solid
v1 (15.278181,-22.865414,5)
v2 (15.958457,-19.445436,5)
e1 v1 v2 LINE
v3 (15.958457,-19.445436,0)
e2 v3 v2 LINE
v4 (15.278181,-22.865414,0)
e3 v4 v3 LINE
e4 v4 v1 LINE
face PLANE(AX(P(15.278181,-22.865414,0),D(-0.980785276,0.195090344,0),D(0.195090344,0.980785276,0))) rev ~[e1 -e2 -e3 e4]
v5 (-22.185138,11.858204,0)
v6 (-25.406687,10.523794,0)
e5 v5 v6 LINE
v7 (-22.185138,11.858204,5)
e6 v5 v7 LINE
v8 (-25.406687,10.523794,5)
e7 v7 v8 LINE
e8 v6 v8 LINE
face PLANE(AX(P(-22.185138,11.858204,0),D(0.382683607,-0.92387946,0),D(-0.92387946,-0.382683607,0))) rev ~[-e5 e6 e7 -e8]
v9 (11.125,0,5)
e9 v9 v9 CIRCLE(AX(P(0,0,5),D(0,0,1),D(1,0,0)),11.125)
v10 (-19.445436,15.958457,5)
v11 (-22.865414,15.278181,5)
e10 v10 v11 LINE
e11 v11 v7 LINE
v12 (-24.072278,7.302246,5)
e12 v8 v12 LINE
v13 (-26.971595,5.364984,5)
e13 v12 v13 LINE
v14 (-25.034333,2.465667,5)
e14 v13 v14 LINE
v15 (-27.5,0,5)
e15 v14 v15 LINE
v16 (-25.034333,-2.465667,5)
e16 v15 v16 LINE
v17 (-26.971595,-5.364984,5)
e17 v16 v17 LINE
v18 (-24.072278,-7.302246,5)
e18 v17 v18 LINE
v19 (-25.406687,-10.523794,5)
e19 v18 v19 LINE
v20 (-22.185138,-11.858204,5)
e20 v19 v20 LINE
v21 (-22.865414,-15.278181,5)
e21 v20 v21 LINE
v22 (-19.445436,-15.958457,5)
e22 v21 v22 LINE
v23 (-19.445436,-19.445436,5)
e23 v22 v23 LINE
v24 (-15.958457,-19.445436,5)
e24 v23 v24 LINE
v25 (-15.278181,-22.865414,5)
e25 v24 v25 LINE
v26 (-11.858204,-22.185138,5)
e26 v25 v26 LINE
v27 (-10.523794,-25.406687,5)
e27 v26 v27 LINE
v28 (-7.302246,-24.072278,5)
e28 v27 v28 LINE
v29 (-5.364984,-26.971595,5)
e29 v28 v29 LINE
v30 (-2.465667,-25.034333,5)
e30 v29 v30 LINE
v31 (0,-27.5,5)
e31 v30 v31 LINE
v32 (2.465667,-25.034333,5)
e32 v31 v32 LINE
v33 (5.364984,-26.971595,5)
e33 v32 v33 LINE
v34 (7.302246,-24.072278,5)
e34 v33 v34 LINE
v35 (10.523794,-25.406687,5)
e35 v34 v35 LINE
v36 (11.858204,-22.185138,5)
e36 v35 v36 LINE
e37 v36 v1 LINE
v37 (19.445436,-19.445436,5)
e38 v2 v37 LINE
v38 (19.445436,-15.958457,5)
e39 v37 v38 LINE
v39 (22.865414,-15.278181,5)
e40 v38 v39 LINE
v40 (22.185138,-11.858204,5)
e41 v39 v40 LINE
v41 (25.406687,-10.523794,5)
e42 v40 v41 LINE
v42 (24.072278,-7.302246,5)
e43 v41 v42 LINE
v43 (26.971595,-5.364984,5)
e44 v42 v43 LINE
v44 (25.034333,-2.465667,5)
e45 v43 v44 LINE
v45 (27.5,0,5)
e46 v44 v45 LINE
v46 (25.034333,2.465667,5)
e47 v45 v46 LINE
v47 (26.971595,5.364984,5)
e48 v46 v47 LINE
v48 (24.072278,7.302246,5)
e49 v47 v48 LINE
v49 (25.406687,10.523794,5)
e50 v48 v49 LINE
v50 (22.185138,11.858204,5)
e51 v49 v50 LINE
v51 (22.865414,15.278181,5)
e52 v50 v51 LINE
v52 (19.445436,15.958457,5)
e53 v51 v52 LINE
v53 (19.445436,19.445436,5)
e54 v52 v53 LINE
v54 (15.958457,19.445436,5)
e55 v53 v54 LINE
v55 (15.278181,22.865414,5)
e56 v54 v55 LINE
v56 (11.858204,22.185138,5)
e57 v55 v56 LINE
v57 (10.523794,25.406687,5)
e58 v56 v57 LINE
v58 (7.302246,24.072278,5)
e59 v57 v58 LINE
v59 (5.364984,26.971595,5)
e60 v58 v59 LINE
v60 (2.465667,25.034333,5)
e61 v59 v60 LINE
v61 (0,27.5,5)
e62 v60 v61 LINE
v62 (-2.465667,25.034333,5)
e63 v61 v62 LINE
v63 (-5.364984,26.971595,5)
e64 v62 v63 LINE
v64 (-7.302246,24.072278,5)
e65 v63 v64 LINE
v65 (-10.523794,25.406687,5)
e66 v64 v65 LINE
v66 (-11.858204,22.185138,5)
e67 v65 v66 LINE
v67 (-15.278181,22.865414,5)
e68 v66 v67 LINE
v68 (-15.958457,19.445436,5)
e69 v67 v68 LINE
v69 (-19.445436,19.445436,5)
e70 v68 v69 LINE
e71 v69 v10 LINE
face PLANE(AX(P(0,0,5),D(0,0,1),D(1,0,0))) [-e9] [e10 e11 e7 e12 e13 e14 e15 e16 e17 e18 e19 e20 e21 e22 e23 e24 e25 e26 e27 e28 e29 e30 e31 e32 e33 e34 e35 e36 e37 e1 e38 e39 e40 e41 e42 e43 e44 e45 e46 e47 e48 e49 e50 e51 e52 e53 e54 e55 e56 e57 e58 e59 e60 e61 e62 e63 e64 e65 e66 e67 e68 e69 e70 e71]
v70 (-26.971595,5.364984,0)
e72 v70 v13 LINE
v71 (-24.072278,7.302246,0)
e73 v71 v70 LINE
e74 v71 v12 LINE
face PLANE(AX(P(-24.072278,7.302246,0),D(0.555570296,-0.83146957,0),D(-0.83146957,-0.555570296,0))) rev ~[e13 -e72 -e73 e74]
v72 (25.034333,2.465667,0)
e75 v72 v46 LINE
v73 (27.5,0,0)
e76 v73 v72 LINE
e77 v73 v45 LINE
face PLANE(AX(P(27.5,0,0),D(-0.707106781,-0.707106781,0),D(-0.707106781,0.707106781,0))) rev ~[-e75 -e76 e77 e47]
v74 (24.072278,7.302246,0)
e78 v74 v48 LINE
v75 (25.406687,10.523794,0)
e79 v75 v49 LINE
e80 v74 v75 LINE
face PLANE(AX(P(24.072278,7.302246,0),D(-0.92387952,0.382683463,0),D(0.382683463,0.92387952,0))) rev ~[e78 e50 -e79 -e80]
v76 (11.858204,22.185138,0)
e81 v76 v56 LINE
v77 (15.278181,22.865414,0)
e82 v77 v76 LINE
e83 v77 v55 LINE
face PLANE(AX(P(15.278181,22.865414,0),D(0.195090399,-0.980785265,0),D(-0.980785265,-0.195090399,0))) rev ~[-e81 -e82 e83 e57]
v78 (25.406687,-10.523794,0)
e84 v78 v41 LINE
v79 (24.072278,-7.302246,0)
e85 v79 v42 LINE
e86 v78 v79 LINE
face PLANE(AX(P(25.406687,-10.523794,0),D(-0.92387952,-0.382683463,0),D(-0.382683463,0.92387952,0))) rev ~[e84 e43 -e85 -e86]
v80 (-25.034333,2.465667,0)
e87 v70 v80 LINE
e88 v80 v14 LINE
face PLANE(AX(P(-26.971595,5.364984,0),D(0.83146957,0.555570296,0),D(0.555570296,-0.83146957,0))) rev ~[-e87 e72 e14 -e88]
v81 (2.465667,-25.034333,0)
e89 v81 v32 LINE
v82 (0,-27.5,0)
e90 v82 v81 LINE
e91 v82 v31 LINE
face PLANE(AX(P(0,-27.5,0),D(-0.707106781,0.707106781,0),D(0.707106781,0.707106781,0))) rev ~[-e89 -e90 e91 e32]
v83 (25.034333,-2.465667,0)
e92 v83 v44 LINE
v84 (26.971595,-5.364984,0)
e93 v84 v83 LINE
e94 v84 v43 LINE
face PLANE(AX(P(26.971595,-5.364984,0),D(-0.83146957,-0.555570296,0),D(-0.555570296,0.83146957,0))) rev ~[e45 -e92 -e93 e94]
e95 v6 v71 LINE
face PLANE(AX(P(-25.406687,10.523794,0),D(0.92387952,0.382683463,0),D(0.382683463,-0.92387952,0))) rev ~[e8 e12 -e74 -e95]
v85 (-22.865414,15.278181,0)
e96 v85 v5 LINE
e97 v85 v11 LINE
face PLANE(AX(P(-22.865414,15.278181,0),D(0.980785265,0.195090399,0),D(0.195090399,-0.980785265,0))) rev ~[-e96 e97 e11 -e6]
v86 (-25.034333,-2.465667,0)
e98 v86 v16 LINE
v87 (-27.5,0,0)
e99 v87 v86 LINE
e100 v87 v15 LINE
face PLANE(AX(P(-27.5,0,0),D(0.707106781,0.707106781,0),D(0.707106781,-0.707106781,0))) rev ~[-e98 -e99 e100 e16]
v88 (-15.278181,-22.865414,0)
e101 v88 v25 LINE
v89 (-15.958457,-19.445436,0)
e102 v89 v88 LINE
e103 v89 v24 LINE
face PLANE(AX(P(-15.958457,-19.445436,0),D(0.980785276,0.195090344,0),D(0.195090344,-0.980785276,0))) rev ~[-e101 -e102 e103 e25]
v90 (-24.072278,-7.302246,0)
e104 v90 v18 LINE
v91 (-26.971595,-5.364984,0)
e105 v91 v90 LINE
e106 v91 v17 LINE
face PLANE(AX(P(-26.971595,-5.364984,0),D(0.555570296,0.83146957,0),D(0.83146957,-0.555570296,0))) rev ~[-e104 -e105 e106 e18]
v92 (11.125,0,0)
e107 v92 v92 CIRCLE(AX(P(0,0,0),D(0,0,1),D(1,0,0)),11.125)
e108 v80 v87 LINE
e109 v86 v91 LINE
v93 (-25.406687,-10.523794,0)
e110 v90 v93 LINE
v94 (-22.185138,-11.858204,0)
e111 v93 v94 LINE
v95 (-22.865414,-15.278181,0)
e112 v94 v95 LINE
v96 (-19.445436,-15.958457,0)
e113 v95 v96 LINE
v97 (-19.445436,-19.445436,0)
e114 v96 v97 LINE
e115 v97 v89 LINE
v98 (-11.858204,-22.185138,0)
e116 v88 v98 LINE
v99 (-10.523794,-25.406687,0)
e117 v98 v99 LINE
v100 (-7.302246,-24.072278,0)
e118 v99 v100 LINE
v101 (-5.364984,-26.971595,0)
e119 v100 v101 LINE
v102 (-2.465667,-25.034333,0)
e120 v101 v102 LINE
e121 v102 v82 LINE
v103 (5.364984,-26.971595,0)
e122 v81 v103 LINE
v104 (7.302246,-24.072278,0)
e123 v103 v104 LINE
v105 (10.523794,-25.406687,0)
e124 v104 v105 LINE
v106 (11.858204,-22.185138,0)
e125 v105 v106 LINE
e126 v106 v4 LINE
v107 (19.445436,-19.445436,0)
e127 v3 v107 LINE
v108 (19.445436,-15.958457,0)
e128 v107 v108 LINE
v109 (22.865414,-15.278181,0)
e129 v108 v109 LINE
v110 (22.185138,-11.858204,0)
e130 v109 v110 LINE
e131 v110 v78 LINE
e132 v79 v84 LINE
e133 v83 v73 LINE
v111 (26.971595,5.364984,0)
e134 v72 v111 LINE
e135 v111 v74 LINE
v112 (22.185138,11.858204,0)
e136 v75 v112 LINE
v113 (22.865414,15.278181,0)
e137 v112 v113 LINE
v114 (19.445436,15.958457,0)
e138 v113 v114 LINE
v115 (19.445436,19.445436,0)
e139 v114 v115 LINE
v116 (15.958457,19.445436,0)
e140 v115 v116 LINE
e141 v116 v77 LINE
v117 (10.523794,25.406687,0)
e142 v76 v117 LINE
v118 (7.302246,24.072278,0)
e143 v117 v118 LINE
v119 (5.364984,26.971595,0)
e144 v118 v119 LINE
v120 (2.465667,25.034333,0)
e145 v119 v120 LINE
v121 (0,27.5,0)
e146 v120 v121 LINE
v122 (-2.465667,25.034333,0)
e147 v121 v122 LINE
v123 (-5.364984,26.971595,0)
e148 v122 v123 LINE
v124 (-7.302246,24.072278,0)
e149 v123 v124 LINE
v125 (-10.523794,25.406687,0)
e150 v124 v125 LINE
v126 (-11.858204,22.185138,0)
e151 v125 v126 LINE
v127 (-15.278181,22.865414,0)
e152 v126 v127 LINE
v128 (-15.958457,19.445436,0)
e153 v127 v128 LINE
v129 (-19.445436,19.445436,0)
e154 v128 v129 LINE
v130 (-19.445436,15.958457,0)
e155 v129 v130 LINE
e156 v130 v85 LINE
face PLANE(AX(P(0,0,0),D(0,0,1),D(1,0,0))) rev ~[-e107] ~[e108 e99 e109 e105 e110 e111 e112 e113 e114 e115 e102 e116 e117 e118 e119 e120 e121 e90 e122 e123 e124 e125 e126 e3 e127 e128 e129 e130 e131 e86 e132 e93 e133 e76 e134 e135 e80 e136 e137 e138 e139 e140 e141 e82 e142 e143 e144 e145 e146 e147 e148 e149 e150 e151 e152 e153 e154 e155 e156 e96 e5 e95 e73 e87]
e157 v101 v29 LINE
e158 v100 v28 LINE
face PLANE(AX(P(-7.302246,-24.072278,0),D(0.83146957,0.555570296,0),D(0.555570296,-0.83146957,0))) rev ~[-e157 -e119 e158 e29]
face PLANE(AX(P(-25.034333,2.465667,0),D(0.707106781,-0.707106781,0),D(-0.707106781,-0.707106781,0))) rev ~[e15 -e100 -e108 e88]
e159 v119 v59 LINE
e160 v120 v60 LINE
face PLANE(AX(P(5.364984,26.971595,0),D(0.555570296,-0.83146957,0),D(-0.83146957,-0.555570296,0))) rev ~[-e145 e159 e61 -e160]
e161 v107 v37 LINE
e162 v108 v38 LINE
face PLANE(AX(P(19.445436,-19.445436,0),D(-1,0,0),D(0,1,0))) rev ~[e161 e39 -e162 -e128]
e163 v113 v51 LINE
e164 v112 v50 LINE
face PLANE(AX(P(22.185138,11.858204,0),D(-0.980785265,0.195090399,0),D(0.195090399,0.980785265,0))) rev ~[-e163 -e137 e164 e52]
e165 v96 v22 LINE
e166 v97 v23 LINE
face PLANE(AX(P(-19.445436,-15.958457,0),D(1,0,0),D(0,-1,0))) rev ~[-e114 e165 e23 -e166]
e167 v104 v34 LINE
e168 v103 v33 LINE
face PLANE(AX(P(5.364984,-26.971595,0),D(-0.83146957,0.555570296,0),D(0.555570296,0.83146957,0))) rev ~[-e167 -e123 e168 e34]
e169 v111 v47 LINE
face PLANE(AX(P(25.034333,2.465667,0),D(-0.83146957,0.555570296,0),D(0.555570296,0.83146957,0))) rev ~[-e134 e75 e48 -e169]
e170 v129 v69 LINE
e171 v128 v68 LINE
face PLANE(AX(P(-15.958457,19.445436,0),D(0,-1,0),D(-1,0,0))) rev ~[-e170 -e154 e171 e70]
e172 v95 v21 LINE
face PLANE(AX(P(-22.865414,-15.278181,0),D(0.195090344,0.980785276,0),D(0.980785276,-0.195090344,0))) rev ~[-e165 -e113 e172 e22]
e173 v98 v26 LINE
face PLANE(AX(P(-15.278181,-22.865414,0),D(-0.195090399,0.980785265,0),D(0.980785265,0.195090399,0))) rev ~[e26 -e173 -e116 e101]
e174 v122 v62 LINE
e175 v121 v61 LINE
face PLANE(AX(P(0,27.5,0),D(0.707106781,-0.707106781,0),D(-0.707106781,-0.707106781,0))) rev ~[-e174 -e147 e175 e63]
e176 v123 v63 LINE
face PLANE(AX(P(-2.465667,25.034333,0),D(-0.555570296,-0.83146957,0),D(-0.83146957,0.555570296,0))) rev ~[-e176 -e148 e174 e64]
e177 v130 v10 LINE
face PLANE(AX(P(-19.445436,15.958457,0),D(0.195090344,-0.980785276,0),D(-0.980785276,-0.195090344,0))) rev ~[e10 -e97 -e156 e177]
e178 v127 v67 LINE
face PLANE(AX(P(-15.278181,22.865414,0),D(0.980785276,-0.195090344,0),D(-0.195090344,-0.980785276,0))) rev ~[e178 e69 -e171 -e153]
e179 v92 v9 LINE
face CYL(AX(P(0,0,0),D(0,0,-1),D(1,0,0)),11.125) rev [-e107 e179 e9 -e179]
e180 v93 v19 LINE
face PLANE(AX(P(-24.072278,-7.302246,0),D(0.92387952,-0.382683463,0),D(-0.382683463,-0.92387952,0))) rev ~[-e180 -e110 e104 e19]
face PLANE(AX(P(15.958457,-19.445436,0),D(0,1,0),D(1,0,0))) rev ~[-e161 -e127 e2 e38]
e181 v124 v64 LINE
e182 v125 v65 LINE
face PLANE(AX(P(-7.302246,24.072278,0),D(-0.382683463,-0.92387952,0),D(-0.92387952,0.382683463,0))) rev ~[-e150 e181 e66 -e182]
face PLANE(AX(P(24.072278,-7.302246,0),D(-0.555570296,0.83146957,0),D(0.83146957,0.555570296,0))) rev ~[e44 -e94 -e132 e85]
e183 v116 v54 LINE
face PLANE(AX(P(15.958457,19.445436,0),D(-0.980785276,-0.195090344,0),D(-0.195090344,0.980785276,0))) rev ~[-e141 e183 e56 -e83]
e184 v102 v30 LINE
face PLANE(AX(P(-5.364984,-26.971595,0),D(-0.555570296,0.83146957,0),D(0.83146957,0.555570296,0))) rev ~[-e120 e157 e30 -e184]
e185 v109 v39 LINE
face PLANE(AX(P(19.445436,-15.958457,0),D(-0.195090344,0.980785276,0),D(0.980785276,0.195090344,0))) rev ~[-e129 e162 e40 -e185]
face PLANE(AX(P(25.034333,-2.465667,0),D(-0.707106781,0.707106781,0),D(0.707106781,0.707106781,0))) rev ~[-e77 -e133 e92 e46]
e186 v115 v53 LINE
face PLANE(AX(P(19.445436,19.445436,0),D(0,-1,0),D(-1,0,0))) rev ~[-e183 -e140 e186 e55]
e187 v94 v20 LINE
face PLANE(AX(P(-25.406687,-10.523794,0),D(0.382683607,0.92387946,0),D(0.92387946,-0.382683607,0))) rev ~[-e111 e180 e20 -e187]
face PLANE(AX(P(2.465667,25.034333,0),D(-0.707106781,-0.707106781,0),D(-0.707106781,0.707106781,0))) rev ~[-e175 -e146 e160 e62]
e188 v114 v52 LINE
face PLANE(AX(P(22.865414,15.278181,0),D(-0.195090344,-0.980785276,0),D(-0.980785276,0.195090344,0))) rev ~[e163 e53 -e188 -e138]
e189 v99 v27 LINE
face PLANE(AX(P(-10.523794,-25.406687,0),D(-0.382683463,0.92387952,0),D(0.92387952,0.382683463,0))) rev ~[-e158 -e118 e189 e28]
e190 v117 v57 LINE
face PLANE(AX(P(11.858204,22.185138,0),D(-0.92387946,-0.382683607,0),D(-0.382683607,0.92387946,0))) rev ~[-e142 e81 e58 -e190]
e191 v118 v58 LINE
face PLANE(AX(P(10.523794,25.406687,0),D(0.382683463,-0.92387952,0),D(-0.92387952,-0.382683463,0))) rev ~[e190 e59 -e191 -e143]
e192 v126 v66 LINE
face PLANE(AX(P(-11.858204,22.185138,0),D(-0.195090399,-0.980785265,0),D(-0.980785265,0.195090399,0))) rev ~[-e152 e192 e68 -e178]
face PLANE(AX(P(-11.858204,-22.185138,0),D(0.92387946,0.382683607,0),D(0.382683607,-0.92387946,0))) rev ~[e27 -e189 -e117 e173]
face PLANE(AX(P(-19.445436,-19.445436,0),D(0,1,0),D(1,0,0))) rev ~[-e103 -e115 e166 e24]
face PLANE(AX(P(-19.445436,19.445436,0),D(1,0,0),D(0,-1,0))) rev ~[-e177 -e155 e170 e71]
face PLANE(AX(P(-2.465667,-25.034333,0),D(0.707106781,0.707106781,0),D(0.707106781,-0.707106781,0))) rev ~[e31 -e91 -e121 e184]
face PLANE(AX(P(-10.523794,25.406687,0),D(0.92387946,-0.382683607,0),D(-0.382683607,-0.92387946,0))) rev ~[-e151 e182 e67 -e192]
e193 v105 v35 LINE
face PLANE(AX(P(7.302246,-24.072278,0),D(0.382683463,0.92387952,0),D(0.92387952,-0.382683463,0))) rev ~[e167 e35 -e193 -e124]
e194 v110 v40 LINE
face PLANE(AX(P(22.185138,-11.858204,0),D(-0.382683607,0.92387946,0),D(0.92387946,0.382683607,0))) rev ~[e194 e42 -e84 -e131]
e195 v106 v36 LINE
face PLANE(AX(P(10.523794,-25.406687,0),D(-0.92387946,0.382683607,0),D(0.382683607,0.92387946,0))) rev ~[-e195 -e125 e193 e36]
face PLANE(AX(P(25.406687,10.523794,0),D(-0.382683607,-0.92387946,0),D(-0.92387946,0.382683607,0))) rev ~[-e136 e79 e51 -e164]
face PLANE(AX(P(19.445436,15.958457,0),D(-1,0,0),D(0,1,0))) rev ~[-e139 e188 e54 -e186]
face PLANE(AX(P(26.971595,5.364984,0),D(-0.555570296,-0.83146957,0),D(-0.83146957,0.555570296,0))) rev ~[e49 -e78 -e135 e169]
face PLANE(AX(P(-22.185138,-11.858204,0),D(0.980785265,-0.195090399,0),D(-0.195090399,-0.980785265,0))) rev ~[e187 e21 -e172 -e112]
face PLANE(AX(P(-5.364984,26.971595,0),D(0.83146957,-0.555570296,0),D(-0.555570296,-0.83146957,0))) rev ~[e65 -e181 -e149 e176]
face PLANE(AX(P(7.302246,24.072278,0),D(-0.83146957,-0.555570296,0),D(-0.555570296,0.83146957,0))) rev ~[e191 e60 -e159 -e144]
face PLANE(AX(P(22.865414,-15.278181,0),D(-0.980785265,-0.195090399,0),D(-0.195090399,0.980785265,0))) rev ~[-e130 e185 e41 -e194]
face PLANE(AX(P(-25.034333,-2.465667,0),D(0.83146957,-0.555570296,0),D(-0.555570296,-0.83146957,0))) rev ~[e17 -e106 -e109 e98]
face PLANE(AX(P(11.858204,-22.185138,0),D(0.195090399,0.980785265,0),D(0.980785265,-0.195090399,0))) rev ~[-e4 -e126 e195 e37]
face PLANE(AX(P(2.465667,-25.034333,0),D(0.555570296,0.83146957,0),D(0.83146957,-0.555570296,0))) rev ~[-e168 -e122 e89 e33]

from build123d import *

# Parameters (mm, degrees)
F0_R     = 11.125
F1_DEPTH = 5


with BuildPart() as f1:
    # F0 (on Top) → F1 (new body)
    with BuildSketch(Plane.XY):
        Polygon((25.034333, -2.465667), (27.5, 0), (25.034333, 2.465667), (26.971595, 5.364984), (24.072278, 7.302246), (25.406687, 10.523794), (22.185138, 11.858204), (22.865414, 15.278181), (19.445436, 15.958457), (19.445436, 19.445436), (15.958457, 19.445436), (15.278181, 22.865414), (11.858204, 22.185138), (10.523794, 25.406687), (7.302246, 24.072278), (5.364984, 26.971595), (2.465667, 25.034333), (0, 27.5), (-2.465667, 25.034333), (-5.364984, 26.971595), (-7.302246, 24.072278), (-10.523794, 25.406687), (-11.858204, 22.185138), (-15.278181, 22.865414), (-15.958457, 19.445436), (-19.445436, 19.445436), (-19.445436, 15.958457), (-22.865414, 15.278181), (-22.185138, 11.858204), (-25.406687, 10.523794), (-24.072278, 7.302246), (-26.971595, 5.364984), (-25.034333, 2.465667), (-27.5, 0), (-25.034333, -2.465667), (-26.971595, -5.364984), (-24.072278, -7.302246), (-25.406687, -10.523794), (-22.185138, -11.858204), (-22.865414, -15.278181), (-19.445436, -15.958457), (-19.445436, -19.445436), (-15.958457, -19.445436), (-15.278181, -22.865414), (-11.858204, -22.185138), (-10.523794, -25.406687), (-7.302246, -24.072278), (-5.364984, -26.971595), (-2.465667, -25.034333), (0, -27.5), (2.465667, -25.034333), (5.364984, -26.971595), (7.302246, -24.072278), (10.523794, -25.406687), (11.858204, -22.185138), (15.278181, -22.865414), (15.958457, -19.445436), (19.445436, -19.445436), (19.445436, -15.958457), (22.865414, -15.278181), (22.185138, -11.858204), (25.406687, -10.523794), (24.072278, -7.302246), (26.971595, -5.364984), align=None)
        Circle(F0_R, mode=Mode.SUBTRACT)
    extrude(amount=F1_DEPTH)


solid = f1.part
